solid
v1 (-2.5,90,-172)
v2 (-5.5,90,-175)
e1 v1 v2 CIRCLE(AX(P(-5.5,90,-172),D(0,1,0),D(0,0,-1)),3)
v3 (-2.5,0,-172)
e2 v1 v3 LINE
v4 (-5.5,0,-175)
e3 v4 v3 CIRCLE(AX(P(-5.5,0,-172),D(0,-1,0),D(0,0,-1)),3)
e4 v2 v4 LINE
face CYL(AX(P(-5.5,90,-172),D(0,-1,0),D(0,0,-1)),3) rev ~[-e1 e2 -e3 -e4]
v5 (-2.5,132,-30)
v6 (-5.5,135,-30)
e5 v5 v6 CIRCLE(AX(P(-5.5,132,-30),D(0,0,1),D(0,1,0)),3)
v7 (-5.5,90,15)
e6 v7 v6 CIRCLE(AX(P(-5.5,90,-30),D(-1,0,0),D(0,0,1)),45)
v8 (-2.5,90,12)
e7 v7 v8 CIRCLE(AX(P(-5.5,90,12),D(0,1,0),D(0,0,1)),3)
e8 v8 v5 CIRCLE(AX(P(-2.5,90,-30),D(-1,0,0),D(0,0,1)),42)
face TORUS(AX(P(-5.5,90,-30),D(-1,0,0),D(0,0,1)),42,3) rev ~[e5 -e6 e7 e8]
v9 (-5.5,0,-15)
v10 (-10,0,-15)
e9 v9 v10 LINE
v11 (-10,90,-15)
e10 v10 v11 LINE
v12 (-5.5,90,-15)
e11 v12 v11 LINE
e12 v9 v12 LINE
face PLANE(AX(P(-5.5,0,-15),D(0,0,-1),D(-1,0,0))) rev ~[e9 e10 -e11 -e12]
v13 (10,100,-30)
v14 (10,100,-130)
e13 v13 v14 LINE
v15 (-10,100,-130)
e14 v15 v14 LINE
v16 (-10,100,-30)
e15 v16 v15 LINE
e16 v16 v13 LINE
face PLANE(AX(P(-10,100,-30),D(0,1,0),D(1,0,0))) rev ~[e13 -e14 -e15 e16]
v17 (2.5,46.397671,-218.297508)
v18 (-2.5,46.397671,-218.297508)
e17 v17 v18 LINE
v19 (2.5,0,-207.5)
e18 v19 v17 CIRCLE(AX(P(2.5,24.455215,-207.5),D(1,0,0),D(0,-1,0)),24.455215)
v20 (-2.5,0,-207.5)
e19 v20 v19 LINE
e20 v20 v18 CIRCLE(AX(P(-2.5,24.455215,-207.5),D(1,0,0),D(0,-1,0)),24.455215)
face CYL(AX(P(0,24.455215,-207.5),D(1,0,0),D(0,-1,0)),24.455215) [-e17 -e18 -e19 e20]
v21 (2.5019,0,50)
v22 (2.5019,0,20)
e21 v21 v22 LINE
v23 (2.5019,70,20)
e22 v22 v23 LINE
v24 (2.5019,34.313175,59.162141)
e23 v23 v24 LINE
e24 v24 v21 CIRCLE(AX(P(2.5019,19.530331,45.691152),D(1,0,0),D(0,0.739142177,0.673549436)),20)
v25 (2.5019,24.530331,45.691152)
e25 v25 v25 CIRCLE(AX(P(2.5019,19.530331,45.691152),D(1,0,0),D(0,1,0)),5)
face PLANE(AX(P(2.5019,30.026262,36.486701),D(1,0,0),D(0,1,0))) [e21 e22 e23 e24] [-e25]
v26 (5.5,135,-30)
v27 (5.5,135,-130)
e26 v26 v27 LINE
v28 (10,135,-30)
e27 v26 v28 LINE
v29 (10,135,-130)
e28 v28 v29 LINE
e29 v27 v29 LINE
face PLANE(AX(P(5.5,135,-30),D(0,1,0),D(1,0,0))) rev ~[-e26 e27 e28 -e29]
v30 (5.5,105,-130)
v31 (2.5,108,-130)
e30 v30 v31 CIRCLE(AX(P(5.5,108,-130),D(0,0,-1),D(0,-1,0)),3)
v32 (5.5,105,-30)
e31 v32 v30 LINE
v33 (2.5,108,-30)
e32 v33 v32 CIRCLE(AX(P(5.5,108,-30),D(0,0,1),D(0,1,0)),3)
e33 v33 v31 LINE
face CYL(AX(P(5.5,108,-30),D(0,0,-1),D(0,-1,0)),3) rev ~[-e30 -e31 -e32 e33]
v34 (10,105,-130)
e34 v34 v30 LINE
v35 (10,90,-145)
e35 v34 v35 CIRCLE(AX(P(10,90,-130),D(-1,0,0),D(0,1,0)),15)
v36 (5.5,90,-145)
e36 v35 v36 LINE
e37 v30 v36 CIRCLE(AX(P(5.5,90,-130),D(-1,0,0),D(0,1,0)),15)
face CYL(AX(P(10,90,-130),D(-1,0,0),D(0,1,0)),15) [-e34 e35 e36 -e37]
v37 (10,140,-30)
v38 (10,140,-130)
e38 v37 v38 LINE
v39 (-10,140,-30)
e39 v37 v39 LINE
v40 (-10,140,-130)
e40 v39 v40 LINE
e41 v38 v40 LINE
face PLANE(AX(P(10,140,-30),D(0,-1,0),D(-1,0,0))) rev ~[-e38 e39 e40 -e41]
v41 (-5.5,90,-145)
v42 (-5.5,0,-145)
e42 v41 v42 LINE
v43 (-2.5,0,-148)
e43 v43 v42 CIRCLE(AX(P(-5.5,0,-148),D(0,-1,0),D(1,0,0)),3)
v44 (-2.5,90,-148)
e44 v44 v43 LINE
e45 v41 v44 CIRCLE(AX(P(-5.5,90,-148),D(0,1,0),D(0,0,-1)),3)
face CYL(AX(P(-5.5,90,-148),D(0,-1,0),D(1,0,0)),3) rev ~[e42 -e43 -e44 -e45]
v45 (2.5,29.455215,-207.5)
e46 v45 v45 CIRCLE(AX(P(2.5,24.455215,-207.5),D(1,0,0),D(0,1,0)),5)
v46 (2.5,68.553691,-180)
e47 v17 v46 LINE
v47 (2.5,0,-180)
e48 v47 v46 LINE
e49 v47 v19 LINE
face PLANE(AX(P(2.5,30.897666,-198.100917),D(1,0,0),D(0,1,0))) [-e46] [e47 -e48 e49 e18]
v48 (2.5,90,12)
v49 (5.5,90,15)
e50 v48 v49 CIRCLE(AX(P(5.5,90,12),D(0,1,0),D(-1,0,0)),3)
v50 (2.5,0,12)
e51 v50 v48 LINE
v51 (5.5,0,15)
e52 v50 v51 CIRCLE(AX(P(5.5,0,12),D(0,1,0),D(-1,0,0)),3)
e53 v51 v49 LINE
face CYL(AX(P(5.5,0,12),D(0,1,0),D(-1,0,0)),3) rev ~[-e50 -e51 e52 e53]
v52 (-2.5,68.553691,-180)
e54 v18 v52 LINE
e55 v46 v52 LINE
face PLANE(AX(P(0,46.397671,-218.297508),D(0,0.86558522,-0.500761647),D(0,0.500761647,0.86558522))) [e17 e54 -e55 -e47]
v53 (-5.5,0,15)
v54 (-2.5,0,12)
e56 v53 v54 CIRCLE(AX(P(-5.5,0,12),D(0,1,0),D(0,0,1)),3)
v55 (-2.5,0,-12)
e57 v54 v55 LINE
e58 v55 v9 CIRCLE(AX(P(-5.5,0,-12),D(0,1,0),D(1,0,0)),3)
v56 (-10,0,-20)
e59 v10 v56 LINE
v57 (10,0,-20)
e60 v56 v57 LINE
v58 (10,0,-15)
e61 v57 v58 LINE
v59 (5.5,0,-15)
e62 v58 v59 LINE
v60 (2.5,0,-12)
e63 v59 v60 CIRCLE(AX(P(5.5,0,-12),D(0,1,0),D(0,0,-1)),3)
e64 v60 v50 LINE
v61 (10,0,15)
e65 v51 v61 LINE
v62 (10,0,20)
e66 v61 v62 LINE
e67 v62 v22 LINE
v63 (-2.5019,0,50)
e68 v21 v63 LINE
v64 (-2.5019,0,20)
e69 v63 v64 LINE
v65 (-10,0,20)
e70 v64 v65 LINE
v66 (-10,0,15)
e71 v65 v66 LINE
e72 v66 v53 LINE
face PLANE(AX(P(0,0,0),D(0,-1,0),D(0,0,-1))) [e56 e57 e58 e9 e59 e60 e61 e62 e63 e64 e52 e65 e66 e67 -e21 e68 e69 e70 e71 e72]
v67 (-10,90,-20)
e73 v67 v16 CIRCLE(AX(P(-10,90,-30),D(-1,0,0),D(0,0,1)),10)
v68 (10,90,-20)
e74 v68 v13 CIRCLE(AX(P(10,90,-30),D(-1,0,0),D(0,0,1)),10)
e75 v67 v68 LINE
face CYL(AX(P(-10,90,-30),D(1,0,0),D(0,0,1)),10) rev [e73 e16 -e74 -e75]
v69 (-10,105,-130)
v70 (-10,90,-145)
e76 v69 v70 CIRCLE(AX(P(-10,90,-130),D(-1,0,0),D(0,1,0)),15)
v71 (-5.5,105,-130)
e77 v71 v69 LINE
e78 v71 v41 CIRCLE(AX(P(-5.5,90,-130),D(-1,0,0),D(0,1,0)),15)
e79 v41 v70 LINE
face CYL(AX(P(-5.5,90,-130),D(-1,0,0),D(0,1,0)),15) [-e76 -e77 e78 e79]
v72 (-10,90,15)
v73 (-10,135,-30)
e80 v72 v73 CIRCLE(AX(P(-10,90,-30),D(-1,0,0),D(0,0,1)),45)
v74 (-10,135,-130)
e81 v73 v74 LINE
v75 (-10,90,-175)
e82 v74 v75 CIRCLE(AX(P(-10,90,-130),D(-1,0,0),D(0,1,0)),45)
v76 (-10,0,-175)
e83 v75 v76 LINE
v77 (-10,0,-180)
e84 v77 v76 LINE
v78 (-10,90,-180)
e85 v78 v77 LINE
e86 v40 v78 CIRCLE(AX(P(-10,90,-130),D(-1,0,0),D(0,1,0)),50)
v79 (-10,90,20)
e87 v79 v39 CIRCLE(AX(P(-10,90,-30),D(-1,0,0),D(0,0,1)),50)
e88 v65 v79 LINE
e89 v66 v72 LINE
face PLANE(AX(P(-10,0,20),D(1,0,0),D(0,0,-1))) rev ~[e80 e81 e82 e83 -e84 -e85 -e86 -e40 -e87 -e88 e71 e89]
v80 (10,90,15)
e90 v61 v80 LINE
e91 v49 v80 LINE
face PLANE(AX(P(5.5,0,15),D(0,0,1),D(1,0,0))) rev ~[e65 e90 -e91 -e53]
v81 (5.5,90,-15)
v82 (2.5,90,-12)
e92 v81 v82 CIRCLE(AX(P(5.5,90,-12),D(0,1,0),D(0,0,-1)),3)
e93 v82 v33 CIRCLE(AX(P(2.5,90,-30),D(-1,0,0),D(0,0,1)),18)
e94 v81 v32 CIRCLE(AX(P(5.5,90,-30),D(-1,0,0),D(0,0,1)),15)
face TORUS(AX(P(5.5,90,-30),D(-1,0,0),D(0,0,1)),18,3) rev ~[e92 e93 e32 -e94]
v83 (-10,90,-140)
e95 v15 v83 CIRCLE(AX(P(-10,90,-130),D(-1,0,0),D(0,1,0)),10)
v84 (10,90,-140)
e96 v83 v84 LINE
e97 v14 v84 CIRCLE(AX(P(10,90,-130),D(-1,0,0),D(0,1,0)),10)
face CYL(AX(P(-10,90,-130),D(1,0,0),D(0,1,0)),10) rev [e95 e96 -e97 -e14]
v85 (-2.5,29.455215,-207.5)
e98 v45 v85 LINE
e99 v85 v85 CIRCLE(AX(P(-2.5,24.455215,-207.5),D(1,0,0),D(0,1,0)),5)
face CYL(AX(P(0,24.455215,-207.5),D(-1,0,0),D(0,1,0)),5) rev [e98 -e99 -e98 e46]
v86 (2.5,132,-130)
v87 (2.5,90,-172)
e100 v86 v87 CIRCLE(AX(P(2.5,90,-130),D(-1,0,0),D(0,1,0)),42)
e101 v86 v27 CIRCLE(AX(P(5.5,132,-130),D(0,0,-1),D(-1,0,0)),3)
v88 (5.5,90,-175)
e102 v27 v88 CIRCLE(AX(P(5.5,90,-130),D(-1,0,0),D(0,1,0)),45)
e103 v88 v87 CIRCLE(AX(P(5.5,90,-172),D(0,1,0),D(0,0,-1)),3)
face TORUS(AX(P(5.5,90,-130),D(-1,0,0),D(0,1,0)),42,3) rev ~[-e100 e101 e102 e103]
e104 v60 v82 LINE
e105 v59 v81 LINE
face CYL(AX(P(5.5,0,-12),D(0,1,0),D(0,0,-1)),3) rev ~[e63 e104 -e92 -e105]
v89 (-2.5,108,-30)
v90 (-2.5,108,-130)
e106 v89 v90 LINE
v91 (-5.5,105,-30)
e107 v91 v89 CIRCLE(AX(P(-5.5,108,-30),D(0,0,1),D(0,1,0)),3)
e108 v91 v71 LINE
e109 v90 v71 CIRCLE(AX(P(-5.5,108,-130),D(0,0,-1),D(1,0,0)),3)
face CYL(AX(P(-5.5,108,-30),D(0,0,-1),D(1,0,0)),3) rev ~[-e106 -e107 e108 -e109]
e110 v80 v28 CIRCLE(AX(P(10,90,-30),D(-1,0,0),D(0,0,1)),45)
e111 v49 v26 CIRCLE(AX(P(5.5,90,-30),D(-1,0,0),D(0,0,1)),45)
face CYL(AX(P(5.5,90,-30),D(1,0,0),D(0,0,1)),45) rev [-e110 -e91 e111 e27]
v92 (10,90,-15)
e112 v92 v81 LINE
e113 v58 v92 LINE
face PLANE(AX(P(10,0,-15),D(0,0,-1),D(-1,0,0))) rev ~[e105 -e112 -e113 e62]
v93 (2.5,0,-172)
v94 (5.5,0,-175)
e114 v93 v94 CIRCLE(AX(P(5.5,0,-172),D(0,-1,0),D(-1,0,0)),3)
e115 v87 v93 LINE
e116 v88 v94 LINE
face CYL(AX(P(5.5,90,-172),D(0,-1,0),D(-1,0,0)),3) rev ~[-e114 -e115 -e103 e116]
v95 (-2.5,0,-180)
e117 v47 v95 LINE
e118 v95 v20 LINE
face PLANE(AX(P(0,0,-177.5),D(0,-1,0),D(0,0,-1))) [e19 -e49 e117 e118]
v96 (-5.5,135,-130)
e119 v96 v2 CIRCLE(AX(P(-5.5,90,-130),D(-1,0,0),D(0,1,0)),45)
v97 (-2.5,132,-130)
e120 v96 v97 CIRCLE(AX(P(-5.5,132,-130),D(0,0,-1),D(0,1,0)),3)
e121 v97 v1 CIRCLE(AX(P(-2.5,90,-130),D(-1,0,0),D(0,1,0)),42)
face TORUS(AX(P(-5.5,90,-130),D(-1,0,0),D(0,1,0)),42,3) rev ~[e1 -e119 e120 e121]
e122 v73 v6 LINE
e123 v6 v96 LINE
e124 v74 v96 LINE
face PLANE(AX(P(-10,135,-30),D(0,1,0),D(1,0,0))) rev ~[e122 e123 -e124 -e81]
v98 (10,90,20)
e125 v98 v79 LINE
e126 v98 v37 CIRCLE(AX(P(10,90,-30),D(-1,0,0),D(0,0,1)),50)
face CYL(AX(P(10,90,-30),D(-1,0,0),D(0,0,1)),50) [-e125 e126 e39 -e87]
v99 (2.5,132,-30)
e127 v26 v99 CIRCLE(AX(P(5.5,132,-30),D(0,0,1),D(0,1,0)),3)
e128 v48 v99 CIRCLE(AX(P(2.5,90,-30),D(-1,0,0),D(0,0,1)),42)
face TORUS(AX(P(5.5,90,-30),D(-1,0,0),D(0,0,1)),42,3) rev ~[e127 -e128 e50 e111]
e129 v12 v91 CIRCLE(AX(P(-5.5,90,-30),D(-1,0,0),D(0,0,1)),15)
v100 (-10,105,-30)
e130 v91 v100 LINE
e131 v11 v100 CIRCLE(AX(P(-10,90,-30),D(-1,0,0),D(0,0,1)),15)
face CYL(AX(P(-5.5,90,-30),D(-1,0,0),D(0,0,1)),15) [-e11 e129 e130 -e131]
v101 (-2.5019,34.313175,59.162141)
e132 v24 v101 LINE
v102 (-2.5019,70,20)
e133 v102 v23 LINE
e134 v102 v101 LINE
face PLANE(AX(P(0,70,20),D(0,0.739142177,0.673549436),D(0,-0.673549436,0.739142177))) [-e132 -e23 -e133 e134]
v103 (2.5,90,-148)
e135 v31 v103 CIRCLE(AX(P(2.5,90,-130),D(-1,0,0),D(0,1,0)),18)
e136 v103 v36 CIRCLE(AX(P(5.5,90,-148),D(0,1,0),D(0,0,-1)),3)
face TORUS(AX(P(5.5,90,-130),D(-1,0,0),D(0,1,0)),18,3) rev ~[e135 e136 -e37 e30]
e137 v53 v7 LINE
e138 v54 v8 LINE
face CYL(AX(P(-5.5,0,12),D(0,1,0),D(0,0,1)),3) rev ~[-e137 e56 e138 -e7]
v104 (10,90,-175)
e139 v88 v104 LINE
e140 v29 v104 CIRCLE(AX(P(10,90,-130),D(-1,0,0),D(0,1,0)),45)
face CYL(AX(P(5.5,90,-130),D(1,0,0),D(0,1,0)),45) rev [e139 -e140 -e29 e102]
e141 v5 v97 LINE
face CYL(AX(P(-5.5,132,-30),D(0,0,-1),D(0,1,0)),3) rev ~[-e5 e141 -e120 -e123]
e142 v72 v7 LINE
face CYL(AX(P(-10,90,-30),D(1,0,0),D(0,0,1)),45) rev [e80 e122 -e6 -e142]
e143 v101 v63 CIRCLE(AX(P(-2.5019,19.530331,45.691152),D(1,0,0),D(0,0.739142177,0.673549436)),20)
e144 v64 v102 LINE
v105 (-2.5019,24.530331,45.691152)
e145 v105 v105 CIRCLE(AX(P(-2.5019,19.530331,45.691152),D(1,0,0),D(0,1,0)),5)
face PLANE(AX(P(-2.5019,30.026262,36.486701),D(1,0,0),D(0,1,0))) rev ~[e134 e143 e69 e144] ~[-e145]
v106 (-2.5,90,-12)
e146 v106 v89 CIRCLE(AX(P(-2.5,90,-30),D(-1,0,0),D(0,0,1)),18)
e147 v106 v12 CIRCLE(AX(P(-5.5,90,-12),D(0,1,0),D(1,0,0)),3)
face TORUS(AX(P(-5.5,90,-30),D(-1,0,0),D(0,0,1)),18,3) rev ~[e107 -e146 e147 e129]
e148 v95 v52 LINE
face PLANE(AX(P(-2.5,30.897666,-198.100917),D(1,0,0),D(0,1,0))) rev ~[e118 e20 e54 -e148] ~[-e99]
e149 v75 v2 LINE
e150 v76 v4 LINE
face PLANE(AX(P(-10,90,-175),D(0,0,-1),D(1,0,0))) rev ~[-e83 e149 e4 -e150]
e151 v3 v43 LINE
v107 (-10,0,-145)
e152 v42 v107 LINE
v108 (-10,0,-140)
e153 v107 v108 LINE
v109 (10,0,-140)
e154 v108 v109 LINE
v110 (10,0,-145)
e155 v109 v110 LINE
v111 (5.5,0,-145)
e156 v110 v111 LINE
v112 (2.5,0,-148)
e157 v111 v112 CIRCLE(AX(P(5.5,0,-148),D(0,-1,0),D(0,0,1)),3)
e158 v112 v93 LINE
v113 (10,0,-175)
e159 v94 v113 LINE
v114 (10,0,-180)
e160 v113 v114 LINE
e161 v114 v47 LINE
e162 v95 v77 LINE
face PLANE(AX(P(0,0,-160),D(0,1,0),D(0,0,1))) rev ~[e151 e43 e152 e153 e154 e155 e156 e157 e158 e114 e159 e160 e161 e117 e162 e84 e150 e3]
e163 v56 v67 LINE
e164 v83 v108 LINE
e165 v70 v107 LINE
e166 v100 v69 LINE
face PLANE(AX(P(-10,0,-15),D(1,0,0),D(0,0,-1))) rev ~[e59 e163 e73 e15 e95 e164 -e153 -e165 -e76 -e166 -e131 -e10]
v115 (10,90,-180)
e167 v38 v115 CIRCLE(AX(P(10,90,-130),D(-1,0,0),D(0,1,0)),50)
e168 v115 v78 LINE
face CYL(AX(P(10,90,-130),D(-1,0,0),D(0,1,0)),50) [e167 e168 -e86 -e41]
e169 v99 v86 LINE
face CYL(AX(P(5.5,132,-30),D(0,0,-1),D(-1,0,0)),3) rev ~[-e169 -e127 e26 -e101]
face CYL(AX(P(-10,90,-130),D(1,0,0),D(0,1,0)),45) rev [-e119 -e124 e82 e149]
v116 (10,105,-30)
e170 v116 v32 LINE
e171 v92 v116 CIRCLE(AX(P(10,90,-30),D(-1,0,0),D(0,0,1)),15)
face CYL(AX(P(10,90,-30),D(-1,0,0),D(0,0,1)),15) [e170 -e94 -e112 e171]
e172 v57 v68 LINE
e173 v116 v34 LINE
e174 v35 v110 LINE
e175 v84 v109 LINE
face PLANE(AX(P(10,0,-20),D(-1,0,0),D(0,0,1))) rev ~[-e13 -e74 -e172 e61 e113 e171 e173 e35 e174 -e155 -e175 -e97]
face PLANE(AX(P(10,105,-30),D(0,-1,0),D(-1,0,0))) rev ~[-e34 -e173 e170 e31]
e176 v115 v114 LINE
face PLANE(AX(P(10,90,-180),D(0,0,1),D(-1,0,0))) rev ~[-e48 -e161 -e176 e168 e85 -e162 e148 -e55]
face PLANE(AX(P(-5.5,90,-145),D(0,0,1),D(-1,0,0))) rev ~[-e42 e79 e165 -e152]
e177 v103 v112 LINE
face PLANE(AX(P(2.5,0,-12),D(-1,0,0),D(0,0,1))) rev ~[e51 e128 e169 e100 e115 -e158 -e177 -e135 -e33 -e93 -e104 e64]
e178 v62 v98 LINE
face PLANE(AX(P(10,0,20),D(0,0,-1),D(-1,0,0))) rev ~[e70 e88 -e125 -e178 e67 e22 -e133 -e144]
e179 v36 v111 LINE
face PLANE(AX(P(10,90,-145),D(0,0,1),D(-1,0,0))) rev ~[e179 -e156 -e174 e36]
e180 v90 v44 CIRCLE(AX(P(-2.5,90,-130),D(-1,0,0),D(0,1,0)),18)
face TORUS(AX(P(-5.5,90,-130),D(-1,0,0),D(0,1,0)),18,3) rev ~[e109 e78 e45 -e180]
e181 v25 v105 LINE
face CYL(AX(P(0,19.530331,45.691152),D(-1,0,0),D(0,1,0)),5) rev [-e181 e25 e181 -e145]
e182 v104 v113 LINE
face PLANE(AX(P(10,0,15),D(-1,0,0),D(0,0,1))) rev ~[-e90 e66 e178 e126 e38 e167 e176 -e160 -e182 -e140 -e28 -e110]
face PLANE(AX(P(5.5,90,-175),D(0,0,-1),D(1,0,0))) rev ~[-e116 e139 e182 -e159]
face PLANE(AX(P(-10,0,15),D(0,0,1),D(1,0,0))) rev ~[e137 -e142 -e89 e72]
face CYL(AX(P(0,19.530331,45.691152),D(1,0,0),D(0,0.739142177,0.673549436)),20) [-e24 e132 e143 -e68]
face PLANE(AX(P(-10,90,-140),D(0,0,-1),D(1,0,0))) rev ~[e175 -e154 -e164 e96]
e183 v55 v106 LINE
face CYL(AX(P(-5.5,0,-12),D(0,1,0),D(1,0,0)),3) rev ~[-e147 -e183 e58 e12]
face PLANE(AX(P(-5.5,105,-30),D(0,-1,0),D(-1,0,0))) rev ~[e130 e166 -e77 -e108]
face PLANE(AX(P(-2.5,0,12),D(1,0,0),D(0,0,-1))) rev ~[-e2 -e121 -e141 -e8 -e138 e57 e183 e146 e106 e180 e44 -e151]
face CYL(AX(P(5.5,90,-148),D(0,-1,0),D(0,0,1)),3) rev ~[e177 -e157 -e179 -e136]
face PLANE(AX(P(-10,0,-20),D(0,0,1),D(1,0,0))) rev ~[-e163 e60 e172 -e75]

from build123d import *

# Parameters (mm, degrees)
F3_R     = 5
F4_DEPTH = 2.5019
F5_R     = 5
F6_DEPTH = 2.5


with BuildPart() as f2:
    # F2: sweep along a path in F1
    with BuildLine(Plane.YZ) as f2_path:
        Line((0, -20), (90, -20))
        ThreePointArc((90, -20), (97.0710678119, -22.9289321881), (100, -30))
        Line((100, -30), (100, -70))
        Line((100, -70), (100, -130))
        ThreePointArc((100, -130), (97.0710678119, -137.0710678119), (90, -140))
        Line((90, -140), (0, -140))
    # F0 (on Front) → F2 (sweep)
    with BuildSketch(Plane.XZ):
        with BuildLine():
            Line((10, 20), (0, 20))
            Line((0, 20), (-10, 20))
            Line((-10, 20), (-10, 15))
            Line((-10, 15), (-5.5, 15))
            ThreePointArc((-5.5, 15), (-3.3786796564, 14.1213203436), (-2.5, 12))
            Line((-2.5, 12), (-2.5, 0))
            Line((-2.5, 0), (-2.5, -12))
            ThreePointArc((-2.5, -12), (-3.3786796564, -14.1213203436), (-5.5, -15))
            Line((-5.5, -15), (-10, -15))
            Line((-10, -15), (-10, -20))
            Line((-10, -20), (0, -20))
            Line((0, -20), (10, -20))
            Line((10, -20), (10, -15))
            Line((10, -15), (5.5, -15))
            ThreePointArc((5.5, -15), (3.3786796564, -14.1213203436), (2.5, -12))
            Line((2.5, -12), (2.5, 0))
            Line((2.5, 0), (2.5, 12))
            ThreePointArc((2.5, 12), (3.3786796564, 14.1213203436), (5.5, 15))
            Line((5.5, 15), (10, 15))
            Line((10, 15), (10, 20))
        make_face()
    sweep(path=f2_path.line)

    # F3 (on Right) → F4 (join, symmetric)
    with BuildSketch(Plane.YZ):
        with BuildLine():
            Line((0, 50), (0, 20))
            Line((0, 20), (70, 20))
            Line((70, 20), (34.3131745435, 59.1621407854))
            ThreePointArc((34.3131745435, 59.1621407854), (14.3707898227, 65.0141729122), (0, 50))
        make_face()
        with Locations((19.5303310126, 45.6911520637)):
            Circle(F3_R, mode=Mode.SUBTRACT)
    extrude(amount=F4_DEPTH, both=True)

    # F5 (on Right) → F6 (join, symmetric)
    with BuildSketch(Plane.YZ):
        with BuildLine():
            Line((70, -177.5), (0, -177.5))
            Line((0, -177.5), (0, -207.5))
            ThreePointArc((0, -207.5), (18.9121985963, -231.3187428985), (46.3976711035, -218.2975075473))
            Line((46.3976711035, -218.2975075473), (70, -177.5))
        make_face()
        with Locations((24.4552150904, -207.5)):
            Circle(F5_R, mode=Mode.SUBTRACT)
    extrude(amount=F6_DEPTH, both=True)


solid = f2.part
